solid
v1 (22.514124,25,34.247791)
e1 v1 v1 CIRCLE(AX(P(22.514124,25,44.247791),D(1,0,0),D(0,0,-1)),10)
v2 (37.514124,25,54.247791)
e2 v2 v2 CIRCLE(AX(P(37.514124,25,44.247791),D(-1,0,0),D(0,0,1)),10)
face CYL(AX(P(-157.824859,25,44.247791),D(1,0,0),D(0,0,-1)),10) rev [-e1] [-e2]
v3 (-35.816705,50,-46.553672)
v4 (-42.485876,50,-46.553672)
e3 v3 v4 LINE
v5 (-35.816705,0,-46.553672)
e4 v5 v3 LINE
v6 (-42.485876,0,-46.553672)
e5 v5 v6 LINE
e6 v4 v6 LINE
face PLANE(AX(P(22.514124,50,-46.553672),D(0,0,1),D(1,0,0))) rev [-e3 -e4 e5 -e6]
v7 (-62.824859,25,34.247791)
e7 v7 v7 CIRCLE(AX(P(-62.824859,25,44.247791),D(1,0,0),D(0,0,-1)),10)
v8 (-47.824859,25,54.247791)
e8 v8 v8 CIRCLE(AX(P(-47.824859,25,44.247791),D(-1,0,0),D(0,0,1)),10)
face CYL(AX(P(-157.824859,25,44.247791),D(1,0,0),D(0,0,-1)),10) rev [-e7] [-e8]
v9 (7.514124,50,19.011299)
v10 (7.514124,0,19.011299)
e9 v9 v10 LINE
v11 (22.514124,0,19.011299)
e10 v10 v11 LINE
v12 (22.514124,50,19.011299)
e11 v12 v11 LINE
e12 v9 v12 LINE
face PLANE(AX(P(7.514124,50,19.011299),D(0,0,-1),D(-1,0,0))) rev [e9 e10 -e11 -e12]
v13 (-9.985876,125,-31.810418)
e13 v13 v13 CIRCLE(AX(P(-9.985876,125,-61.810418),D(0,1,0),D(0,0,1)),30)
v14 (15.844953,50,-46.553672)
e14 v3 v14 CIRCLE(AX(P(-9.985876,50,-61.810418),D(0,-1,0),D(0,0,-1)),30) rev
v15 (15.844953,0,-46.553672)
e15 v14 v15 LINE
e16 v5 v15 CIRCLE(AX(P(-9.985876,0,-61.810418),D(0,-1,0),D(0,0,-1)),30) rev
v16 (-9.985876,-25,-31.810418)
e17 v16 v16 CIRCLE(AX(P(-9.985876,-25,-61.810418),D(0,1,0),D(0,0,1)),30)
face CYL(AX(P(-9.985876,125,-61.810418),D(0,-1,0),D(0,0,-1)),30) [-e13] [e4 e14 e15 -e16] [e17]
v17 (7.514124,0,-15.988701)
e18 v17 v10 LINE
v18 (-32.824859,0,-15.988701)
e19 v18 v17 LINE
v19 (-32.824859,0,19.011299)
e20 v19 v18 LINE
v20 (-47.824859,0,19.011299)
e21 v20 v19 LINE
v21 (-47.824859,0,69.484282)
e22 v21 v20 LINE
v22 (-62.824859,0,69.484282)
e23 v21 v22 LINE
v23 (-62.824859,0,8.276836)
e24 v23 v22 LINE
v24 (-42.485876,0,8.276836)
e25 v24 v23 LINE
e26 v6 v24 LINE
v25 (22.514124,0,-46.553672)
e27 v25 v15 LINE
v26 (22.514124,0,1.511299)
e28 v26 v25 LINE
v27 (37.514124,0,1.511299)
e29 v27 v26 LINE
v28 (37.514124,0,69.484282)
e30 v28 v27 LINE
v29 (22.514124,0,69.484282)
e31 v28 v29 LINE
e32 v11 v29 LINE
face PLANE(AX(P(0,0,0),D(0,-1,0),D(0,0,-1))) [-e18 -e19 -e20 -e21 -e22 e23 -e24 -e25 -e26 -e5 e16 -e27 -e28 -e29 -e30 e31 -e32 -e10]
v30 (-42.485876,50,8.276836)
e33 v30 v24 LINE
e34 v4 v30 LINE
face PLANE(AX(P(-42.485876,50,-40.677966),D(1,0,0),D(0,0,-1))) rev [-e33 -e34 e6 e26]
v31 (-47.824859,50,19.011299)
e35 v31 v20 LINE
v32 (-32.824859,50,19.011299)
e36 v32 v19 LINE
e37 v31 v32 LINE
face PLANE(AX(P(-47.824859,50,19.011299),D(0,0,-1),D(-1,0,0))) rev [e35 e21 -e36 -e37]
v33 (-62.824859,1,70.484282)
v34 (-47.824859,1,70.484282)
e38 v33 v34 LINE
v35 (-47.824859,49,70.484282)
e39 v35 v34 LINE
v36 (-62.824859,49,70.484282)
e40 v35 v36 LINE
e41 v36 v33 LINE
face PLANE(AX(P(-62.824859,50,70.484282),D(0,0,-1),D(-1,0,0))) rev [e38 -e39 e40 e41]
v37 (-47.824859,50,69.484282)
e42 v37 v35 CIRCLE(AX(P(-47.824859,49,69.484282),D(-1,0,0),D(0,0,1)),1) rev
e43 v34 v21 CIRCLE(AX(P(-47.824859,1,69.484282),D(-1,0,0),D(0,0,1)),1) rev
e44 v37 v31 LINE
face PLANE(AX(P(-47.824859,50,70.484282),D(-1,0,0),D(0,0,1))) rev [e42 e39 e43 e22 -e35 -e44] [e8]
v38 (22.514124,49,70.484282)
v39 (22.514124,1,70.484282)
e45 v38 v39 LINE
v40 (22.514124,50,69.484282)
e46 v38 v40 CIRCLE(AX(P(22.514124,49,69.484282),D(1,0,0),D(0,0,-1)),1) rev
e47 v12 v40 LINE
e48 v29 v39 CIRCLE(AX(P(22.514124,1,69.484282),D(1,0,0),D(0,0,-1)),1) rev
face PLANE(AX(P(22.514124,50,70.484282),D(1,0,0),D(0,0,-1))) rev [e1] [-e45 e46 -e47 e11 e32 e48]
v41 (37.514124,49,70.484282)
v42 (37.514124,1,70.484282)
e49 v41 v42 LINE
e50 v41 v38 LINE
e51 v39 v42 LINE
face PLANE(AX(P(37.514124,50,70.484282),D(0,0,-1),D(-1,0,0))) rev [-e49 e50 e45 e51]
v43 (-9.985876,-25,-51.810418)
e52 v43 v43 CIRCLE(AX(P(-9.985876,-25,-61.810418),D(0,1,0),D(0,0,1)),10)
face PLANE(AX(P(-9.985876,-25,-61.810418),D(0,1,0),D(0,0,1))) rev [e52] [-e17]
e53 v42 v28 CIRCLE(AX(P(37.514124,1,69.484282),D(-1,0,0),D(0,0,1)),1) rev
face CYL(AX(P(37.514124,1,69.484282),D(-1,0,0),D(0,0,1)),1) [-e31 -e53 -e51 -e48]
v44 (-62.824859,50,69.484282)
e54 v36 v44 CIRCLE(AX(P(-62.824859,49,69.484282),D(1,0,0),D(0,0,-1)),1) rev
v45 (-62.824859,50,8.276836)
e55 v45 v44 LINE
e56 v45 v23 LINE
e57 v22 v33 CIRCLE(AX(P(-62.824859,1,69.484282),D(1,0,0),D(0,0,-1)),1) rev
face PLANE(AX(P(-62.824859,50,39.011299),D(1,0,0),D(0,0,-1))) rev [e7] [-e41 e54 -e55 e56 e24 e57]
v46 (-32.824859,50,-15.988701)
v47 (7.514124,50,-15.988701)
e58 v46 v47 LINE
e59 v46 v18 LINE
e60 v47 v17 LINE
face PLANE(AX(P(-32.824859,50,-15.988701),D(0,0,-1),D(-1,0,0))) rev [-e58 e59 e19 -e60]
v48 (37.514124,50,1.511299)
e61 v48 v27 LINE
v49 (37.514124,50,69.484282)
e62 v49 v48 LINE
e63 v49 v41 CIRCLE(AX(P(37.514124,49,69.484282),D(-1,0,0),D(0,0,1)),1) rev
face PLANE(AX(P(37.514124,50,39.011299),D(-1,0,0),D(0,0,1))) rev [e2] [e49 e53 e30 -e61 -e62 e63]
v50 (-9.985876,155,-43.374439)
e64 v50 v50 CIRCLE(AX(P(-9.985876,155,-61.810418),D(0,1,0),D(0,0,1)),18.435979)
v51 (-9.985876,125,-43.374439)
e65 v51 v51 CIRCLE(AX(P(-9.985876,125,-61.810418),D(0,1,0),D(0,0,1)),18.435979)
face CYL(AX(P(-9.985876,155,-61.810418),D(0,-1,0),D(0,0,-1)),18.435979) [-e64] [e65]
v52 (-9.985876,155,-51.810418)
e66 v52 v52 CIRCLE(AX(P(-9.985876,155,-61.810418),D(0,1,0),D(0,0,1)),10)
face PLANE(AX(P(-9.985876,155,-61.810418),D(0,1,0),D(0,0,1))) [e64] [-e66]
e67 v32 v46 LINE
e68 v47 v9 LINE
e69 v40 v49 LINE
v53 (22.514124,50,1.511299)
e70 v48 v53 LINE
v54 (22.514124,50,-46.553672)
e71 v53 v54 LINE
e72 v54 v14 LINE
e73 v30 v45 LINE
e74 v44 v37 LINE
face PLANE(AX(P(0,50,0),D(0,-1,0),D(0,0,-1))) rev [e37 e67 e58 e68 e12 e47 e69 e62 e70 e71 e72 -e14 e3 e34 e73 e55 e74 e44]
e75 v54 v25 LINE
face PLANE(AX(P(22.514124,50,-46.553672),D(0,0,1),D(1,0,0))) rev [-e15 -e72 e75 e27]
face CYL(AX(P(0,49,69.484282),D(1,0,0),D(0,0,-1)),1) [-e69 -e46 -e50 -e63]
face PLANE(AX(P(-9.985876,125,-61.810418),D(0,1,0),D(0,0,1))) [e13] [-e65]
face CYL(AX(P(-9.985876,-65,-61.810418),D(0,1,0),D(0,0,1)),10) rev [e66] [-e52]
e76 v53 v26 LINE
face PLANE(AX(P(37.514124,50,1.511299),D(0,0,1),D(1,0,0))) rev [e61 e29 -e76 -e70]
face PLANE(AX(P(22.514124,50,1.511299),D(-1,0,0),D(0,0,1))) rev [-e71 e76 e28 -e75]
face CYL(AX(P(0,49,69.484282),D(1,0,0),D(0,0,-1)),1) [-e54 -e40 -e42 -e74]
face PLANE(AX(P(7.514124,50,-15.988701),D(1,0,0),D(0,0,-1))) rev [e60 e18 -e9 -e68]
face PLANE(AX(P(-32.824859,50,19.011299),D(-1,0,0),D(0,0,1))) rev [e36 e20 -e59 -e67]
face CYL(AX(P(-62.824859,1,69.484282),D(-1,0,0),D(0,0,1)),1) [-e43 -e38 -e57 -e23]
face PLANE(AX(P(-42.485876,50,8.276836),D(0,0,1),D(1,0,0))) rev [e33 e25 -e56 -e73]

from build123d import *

# Parameters (mm, degrees)
BOSS_EXTRUDE1_DEPTH = 50
SKETCH2_R           = 30
BOSS_EXTRUDE2_DEPTH = 75
SKETCH3_R           = 18.435978865
BOSS_EXTRUDE3_DEPTH = 30
SKETCH4_R           = 10
CUT_EXTRUDE1_DEPTH  = 220
FILLET1_R           = 1
SKETCH6_R           = 10
CUT_EXTRUDE3_DEPTH  = 110


with BuildPart() as part:
    # Sketch1 → Boss-Extrude1 (new body)
    with BuildSketch(Plane(origin=(0, 0, 0), x_dir=(1, 0, 0), z_dir=(0, 1, 0))):
        Polygon((-42.485875706, 40.677966102), (-42.485875706, -8.276836158), (-62.824858757, -8.276836158), (-62.824858757, -39.011299435), (-62.824858757, -70.484281789), (-47.824858757, -70.484281789), (-47.824858757, -19.011299435), (-32.824858757, -19.011299435), (-32.824858757, 15.988700565), (7.514124294, 15.988700565), (7.514124294, -19.011299435), (22.514124294, -19.011299435), (22.514124294, -70.484281789), (37.514124294, -70.484281789), (37.514124294, -39.011299435), (37.514124294, -1.511299435), (22.514124294, -1.511299435), (22.514124294, 46.553672316), (-42.485875706, 46.553672316), align=None)
    extrude(amount=BOSS_EXTRUDE1_DEPTH)

    # Sketch2 → Boss-Extrude2 (add, symmetric)
    with BuildSketch(Plane(origin=(0, 50, 0), x_dir=(1, 0, 0), z_dir=(0, 1, 0))):
        with Locations((-9.985875706, 61.810417825)):
            Circle(SKETCH2_R)
    extrude(amount=BOSS_EXTRUDE2_DEPTH, both=True)

    # Sketch3 → Boss-Extrude3 (add)
    with BuildSketch(Plane(origin=(0, 125, 0), x_dir=(1, 0, 0), z_dir=(0, 1, 0))):
        with Locations((-9.985875706, 61.810417825)):
            Circle(SKETCH3_R)
    extrude(amount=BOSS_EXTRUDE3_DEPTH)

    # Sketch4 → Cut-Extrude1 (cut)
    with BuildSketch(Plane(origin=(0, 155, 0), x_dir=(1, 0, 0), z_dir=(0, 1, 0))):
        with Locations((-9.985875706, 61.810417825)):
            Circle(SKETCH4_R)
    extrude(amount=-CUT_EXTRUDE1_DEPTH, mode=Mode.SUBTRACT)

    # Fillet1
    fillet1_edges = [part.edges().sort_by_distance(p)[0] for p in [
        (30.014124294, 0, 70.484281789),
        (-55.324858757, 0, 70.484281789),
        (-55.324858757, 50, 70.484281789),
        (30.014124294, 50, 70.484281789),
    ]]
    fillet(fillet1_edges, radius=FILLET1_R)

    # Sketch6 → Cut-Extrude3 (cut, symmetric)
    with BuildSketch(Plane(origin=(-47.824858757, 0, 0), x_dir=(0, 0, -1), z_dir=(1, 0, 0))):
        with Locations((-44.247790612, 25)):
            Circle(SKETCH6_R)
    extrude(amount=CUT_EXTRUDE3_DEPTH, both=True, mode=Mode.SUBTRACT)


solid = part.part
